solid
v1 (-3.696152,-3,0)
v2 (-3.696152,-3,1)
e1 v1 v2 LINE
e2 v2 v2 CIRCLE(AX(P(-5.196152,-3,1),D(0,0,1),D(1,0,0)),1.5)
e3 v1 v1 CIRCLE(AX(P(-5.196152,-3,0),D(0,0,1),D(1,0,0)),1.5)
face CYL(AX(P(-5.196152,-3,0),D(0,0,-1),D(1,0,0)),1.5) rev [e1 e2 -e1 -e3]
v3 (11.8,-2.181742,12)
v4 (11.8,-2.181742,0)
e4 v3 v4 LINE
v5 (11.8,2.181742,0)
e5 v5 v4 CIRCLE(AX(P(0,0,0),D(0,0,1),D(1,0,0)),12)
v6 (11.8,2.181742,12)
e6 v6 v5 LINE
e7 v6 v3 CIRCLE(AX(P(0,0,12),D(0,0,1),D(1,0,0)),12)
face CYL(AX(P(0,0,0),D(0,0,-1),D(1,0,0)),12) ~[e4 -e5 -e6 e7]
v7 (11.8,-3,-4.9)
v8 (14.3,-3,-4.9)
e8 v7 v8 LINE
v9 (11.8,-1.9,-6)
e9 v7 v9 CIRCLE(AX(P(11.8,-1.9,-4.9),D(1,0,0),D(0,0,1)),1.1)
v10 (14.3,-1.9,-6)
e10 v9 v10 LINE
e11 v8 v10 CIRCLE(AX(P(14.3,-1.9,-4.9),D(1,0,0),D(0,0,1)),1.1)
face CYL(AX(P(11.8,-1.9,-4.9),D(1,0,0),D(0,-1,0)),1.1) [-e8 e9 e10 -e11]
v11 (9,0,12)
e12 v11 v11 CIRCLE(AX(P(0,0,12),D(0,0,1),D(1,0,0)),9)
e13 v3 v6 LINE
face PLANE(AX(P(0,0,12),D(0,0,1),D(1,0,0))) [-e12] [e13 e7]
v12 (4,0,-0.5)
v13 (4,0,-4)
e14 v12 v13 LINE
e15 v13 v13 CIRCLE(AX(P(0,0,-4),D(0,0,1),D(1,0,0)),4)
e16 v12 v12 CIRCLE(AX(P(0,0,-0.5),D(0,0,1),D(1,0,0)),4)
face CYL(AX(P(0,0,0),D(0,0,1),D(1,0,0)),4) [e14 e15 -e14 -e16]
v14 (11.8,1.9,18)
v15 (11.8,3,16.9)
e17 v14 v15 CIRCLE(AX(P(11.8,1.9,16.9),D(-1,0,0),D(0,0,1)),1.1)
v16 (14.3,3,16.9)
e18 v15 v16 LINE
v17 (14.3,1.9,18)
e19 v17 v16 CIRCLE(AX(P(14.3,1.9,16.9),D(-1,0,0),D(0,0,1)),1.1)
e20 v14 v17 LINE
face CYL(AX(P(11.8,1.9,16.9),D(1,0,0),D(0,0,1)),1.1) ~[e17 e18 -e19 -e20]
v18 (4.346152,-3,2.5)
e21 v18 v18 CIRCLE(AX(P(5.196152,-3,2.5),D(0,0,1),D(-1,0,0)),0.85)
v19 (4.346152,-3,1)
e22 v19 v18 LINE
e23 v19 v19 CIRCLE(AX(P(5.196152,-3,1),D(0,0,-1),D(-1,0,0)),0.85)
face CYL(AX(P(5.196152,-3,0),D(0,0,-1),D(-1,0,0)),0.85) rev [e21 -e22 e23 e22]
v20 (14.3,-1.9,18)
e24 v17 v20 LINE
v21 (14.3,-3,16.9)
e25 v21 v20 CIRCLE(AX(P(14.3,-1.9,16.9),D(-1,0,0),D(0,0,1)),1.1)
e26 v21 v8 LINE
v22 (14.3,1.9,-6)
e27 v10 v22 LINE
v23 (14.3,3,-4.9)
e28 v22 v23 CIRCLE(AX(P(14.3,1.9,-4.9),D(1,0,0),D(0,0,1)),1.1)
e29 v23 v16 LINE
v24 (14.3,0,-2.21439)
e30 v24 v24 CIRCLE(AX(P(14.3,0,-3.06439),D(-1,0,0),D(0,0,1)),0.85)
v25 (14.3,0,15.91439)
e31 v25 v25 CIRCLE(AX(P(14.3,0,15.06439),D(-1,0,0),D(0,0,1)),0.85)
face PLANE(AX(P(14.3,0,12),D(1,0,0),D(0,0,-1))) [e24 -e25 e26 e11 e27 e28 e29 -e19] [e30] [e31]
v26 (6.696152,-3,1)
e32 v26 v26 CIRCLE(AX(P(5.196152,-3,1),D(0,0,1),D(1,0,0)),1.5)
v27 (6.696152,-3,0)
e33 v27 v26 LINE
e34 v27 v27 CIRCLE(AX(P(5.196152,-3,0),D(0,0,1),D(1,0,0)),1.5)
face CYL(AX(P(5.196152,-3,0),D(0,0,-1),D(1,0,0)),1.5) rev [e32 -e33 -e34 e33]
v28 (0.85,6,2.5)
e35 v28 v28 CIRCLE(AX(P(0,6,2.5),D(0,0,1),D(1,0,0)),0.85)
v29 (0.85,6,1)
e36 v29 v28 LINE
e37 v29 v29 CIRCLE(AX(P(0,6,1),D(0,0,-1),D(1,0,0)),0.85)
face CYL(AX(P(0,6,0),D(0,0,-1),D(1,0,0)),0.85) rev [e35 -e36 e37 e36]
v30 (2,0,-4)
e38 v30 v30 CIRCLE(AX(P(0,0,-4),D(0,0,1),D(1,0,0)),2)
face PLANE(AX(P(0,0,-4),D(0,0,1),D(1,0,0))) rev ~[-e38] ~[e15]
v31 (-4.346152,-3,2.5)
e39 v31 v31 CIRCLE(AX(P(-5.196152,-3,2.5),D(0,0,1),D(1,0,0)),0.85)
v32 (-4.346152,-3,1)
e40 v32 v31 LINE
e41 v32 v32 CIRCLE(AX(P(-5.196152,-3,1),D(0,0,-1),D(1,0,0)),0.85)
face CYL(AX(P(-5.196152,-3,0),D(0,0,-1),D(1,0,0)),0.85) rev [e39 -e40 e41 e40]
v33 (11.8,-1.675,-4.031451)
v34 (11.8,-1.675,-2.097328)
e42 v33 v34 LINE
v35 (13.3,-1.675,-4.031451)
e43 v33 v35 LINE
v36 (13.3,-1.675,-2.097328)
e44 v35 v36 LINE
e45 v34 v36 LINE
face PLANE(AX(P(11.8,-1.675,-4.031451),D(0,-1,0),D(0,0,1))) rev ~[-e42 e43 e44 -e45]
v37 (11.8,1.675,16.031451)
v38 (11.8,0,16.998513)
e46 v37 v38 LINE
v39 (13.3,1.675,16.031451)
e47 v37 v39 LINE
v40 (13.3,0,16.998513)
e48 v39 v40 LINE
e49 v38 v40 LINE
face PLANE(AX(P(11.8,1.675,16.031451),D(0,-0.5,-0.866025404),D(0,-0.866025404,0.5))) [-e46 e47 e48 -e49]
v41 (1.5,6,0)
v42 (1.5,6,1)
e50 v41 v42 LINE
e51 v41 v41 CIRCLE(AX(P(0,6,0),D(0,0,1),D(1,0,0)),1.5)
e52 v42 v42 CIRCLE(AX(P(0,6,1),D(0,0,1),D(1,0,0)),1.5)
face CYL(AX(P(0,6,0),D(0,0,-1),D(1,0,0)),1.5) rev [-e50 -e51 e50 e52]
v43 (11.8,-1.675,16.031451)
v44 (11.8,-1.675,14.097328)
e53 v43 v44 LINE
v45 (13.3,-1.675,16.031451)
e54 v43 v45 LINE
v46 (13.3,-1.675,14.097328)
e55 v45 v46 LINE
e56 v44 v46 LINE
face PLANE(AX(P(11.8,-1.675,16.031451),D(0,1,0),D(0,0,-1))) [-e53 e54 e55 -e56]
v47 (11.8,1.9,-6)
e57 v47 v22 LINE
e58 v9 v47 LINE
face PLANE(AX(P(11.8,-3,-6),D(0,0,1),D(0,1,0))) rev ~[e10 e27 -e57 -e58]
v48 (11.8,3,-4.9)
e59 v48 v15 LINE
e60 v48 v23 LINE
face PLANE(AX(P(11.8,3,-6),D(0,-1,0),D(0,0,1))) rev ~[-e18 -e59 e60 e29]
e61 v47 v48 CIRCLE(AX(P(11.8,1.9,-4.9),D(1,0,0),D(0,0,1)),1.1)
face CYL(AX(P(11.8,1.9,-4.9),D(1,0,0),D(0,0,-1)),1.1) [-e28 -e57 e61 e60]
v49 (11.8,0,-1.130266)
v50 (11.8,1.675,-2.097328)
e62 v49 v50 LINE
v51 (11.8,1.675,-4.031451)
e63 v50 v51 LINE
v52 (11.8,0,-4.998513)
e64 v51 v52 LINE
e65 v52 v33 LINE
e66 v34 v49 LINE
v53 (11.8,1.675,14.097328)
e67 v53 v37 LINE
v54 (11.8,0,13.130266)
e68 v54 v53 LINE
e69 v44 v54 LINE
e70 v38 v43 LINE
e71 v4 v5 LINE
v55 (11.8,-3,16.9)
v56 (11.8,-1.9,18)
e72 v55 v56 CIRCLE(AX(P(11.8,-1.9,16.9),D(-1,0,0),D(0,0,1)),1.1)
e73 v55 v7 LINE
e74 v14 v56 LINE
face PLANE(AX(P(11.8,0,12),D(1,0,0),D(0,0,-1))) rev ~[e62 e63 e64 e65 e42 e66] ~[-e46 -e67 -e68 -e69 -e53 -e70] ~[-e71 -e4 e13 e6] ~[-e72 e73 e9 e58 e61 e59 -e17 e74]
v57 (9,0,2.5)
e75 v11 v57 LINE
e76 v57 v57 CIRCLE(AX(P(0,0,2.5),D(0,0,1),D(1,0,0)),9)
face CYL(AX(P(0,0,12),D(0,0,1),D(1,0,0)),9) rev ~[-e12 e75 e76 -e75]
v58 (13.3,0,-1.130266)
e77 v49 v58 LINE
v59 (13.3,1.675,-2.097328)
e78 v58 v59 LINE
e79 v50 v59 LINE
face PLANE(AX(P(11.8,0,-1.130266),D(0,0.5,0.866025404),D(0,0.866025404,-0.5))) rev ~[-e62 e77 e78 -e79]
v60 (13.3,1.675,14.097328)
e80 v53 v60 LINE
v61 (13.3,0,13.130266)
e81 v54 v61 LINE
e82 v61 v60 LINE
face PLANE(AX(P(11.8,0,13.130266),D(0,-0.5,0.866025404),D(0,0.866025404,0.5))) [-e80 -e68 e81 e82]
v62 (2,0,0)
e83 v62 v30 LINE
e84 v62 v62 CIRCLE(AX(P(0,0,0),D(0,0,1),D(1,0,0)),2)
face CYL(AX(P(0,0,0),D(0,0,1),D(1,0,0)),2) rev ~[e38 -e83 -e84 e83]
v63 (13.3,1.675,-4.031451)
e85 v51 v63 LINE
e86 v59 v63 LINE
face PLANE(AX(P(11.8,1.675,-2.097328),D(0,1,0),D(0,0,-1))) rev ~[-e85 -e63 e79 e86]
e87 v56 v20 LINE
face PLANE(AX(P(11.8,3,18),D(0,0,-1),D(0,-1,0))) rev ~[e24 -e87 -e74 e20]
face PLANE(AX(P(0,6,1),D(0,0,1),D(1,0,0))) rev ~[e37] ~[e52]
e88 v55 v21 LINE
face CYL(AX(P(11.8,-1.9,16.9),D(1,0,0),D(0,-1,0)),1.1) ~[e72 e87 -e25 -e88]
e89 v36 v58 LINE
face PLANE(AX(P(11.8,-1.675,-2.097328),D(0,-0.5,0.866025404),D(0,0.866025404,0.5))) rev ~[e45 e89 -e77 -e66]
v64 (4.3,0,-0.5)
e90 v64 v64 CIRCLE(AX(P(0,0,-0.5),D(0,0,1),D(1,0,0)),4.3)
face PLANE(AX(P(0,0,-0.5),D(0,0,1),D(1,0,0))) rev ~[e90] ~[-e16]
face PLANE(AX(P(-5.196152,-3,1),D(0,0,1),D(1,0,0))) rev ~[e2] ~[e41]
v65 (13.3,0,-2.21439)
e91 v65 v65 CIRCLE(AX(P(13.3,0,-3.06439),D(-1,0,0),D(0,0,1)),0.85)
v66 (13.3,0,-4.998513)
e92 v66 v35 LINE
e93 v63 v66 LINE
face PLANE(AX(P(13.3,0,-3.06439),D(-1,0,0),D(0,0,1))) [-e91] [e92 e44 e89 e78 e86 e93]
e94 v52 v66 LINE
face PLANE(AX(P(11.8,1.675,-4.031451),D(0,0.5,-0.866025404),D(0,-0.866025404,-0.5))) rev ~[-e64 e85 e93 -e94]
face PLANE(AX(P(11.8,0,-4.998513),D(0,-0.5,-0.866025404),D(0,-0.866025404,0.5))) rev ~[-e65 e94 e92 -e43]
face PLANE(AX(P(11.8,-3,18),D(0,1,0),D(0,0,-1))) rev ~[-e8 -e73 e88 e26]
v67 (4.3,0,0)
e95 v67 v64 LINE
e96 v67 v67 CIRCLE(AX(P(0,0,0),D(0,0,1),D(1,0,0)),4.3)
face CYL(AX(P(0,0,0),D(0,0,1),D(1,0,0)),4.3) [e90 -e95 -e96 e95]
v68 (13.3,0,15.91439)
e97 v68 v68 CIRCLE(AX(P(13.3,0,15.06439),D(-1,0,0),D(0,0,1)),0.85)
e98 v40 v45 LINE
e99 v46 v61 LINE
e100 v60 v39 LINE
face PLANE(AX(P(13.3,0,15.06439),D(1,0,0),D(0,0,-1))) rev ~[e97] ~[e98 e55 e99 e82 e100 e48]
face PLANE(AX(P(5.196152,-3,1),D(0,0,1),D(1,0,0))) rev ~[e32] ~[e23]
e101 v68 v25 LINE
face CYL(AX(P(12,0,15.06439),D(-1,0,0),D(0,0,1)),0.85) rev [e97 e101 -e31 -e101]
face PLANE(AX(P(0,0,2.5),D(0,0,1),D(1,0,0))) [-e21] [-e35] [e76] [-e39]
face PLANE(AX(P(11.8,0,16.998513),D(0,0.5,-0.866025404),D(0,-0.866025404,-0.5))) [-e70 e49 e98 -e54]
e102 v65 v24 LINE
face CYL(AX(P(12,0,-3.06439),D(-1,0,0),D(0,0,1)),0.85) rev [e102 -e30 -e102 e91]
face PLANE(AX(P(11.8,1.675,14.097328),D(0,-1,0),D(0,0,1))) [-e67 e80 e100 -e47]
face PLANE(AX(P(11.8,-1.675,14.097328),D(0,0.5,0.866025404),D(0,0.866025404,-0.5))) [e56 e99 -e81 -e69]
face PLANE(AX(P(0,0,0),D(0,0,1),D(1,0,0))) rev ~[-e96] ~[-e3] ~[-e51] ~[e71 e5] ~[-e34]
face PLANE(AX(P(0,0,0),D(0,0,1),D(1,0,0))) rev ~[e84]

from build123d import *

# Parameters (mm, degrees)
SKETCH_1_R                = 12
EXTRUDE_1_DEPTH           = 12
SKETCH_1_4_R              = 0.85
CUT_EXTRUDE_2_DEPTH       = 2.5
SKETCH_1_5_R              = 4
EXTRUDE_2_DEPTH           = 4
SKETCH_1_6_R              = 4.3
EXTRUDE_3_DEPTH           = 0.5
SKETCH_1_7_R              = 2
CUT_EXTRUDE_3_DEPTH       = 4
SKETCH_1_8_R              = 1.5
CUT_EXTRUDE_5_DEPTH       = 1
CUT_EXTRUDE_START         = 12
SKETCH_1_10_R             = 9
CUT_EXTRUDE_6_DEPTH       = 9.5
EXTRUDE_8_DEPTH           = 0.3
EXTRUDE_8_DEPTH_BACK      = 2.2
CUT_EXTRUDE_START_2       = -2.2
CUT_EXTRUDE_20_DEPTH      = 1.5
CUT_EXTRUDE_21_DEPTH      = 1
CUT_EXTRUDE_21_DEPTH_BACK = 2
SKETCH_3_10_R             = 0.85
FILLET_3_R                = 1.1


with BuildPart() as part:
    # 草图1 → 凸台-拉伸1 (new body)
    with BuildSketch(Plane.XY):
        Circle(SKETCH_1_R)
    extrude(amount=EXTRUDE_1_DEPTH)

    # 草图1<4> → 切除-拉伸2 (cut)
    with BuildSketch(Plane.XY):
        with Locations((0, 6)):
            Circle(SKETCH_1_4_R)
        with Locations((-5.196152423, -3)):
            Circle(SKETCH_1_4_R)
        with Locations(Location((5.196152423, -3, 0), (0, 0, 180))):
            Circle(SKETCH_1_4_R)
    extrude(amount=CUT_EXTRUDE_2_DEPTH, mode=Mode.SUBTRACT)

    # 草图1<5> → 凸台-拉伸2 (add)
    with BuildSketch(Plane.XY):
        Circle(SKETCH_1_5_R)
    extrude(amount=-EXTRUDE_2_DEPTH)

    # 草图1<6> → 凸台-拉伸3 (add)
    with BuildSketch(Plane.XY):
        Circle(SKETCH_1_6_R)
    extrude(amount=-EXTRUDE_3_DEPTH)

    # 草图1<7> → 切除-拉伸3 (cut)
    with BuildSketch(Plane.XY):
        Circle(SKETCH_1_7_R)
    extrude(amount=-CUT_EXTRUDE_3_DEPTH, mode=Mode.SUBTRACT)

    # 草图1<8> → 切除-拉伸5 (cut)
    with BuildSketch(Plane.XY):
        with Locations((-5.196152423, -3)):
            Circle(SKETCH_1_8_R)
        with Locations((5.196152423, -3)):
            Circle(SKETCH_1_8_R)
        with Locations((0, 6)):
            Circle(SKETCH_1_8_R)
    extrude(amount=CUT_EXTRUDE_5_DEPTH, mode=Mode.SUBTRACT)

    # 草图1<10> → 切除-拉伸6 (cut)
    with BuildSketch(Plane.XY.offset(CUT_EXTRUDE_START)):
        Circle(SKETCH_1_10_R)
    extrude(amount=-CUT_EXTRUDE_6_DEPTH, mode=Mode.SUBTRACT)

    # 草图3 → 凸台-拉伸8 (add, two sides: drawn at the far end of the back side and taken through both)
    with BuildSketch(Plane(origin=(14, 0, 0), x_dir=(0, 0, -1), z_dir=(1, 0, 0)).offset(-EXTRUDE_8_DEPTH_BACK)):
        Polygon((-18, -3), (-12, -3), (-6, -3), (-6, 3), (-18, 3), align=None)
        Polygon((-6, 3), (-6, -3), (0, -3), (6, -3), (6, 3), align=None)
    extrude(amount=EXTRUDE_8_DEPTH + EXTRUDE_8_DEPTH_BACK)

    # 草图3<9> → 切除-拉伸20 (cut)
    with BuildSketch(Plane(origin=(14, 0, 0), x_dir=(0, 0, -1), z_dir=(1, 0, 0)).offset(CUT_EXTRUDE_START_2)):
        Polygon((-13.130266283, 0), (-14.097327984, 1.675), (-16.031451386, 1.675), (-16.998513087, 0), (-16.031451386, -1.675), (-14.097327984, -1.675), align=None)
        Polygon((1.130266283, 0), (2.097327984, 1.675), (4.031451386, 1.675), (4.998513087, 0), (4.031451386, -1.675), (2.097327984, -1.675), align=None)
    extrude(amount=CUT_EXTRUDE_20_DEPTH, mode=Mode.SUBTRACT)

    # 草图3<10> → 切除-拉伸21 (cut, two sides: drawn at the far end of the back side and taken through both)
    with BuildSketch(Plane(origin=(14, 0, 0), x_dir=(0, 0, -1), z_dir=(1, 0, 0)).offset(-CUT_EXTRUDE_21_DEPTH_BACK)):
        with Locations(Location((3.064389685, 0, 0), (0, 0, 180))):
            Circle(SKETCH_3_10_R)
        with Locations(Location((-15.064389685, 0, 0), (0, 0, 180))):
            Circle(SKETCH_3_10_R)
    extrude(amount=CUT_EXTRUDE_21_DEPTH + CUT_EXTRUDE_21_DEPTH_BACK, mode=Mode.SUBTRACT)

    # 圆角3
    fillet_3_edges = [part.edges().sort_by_distance(p)[0] for p in [
        (13.05, 3, 18),
        (13.05, -3, 18),
        (13.05, 3, -6),
        (13.05, -3, -6),
    ]]
    fillet(fillet_3_edges, radius=FILLET_3_R)


solid = part.part
